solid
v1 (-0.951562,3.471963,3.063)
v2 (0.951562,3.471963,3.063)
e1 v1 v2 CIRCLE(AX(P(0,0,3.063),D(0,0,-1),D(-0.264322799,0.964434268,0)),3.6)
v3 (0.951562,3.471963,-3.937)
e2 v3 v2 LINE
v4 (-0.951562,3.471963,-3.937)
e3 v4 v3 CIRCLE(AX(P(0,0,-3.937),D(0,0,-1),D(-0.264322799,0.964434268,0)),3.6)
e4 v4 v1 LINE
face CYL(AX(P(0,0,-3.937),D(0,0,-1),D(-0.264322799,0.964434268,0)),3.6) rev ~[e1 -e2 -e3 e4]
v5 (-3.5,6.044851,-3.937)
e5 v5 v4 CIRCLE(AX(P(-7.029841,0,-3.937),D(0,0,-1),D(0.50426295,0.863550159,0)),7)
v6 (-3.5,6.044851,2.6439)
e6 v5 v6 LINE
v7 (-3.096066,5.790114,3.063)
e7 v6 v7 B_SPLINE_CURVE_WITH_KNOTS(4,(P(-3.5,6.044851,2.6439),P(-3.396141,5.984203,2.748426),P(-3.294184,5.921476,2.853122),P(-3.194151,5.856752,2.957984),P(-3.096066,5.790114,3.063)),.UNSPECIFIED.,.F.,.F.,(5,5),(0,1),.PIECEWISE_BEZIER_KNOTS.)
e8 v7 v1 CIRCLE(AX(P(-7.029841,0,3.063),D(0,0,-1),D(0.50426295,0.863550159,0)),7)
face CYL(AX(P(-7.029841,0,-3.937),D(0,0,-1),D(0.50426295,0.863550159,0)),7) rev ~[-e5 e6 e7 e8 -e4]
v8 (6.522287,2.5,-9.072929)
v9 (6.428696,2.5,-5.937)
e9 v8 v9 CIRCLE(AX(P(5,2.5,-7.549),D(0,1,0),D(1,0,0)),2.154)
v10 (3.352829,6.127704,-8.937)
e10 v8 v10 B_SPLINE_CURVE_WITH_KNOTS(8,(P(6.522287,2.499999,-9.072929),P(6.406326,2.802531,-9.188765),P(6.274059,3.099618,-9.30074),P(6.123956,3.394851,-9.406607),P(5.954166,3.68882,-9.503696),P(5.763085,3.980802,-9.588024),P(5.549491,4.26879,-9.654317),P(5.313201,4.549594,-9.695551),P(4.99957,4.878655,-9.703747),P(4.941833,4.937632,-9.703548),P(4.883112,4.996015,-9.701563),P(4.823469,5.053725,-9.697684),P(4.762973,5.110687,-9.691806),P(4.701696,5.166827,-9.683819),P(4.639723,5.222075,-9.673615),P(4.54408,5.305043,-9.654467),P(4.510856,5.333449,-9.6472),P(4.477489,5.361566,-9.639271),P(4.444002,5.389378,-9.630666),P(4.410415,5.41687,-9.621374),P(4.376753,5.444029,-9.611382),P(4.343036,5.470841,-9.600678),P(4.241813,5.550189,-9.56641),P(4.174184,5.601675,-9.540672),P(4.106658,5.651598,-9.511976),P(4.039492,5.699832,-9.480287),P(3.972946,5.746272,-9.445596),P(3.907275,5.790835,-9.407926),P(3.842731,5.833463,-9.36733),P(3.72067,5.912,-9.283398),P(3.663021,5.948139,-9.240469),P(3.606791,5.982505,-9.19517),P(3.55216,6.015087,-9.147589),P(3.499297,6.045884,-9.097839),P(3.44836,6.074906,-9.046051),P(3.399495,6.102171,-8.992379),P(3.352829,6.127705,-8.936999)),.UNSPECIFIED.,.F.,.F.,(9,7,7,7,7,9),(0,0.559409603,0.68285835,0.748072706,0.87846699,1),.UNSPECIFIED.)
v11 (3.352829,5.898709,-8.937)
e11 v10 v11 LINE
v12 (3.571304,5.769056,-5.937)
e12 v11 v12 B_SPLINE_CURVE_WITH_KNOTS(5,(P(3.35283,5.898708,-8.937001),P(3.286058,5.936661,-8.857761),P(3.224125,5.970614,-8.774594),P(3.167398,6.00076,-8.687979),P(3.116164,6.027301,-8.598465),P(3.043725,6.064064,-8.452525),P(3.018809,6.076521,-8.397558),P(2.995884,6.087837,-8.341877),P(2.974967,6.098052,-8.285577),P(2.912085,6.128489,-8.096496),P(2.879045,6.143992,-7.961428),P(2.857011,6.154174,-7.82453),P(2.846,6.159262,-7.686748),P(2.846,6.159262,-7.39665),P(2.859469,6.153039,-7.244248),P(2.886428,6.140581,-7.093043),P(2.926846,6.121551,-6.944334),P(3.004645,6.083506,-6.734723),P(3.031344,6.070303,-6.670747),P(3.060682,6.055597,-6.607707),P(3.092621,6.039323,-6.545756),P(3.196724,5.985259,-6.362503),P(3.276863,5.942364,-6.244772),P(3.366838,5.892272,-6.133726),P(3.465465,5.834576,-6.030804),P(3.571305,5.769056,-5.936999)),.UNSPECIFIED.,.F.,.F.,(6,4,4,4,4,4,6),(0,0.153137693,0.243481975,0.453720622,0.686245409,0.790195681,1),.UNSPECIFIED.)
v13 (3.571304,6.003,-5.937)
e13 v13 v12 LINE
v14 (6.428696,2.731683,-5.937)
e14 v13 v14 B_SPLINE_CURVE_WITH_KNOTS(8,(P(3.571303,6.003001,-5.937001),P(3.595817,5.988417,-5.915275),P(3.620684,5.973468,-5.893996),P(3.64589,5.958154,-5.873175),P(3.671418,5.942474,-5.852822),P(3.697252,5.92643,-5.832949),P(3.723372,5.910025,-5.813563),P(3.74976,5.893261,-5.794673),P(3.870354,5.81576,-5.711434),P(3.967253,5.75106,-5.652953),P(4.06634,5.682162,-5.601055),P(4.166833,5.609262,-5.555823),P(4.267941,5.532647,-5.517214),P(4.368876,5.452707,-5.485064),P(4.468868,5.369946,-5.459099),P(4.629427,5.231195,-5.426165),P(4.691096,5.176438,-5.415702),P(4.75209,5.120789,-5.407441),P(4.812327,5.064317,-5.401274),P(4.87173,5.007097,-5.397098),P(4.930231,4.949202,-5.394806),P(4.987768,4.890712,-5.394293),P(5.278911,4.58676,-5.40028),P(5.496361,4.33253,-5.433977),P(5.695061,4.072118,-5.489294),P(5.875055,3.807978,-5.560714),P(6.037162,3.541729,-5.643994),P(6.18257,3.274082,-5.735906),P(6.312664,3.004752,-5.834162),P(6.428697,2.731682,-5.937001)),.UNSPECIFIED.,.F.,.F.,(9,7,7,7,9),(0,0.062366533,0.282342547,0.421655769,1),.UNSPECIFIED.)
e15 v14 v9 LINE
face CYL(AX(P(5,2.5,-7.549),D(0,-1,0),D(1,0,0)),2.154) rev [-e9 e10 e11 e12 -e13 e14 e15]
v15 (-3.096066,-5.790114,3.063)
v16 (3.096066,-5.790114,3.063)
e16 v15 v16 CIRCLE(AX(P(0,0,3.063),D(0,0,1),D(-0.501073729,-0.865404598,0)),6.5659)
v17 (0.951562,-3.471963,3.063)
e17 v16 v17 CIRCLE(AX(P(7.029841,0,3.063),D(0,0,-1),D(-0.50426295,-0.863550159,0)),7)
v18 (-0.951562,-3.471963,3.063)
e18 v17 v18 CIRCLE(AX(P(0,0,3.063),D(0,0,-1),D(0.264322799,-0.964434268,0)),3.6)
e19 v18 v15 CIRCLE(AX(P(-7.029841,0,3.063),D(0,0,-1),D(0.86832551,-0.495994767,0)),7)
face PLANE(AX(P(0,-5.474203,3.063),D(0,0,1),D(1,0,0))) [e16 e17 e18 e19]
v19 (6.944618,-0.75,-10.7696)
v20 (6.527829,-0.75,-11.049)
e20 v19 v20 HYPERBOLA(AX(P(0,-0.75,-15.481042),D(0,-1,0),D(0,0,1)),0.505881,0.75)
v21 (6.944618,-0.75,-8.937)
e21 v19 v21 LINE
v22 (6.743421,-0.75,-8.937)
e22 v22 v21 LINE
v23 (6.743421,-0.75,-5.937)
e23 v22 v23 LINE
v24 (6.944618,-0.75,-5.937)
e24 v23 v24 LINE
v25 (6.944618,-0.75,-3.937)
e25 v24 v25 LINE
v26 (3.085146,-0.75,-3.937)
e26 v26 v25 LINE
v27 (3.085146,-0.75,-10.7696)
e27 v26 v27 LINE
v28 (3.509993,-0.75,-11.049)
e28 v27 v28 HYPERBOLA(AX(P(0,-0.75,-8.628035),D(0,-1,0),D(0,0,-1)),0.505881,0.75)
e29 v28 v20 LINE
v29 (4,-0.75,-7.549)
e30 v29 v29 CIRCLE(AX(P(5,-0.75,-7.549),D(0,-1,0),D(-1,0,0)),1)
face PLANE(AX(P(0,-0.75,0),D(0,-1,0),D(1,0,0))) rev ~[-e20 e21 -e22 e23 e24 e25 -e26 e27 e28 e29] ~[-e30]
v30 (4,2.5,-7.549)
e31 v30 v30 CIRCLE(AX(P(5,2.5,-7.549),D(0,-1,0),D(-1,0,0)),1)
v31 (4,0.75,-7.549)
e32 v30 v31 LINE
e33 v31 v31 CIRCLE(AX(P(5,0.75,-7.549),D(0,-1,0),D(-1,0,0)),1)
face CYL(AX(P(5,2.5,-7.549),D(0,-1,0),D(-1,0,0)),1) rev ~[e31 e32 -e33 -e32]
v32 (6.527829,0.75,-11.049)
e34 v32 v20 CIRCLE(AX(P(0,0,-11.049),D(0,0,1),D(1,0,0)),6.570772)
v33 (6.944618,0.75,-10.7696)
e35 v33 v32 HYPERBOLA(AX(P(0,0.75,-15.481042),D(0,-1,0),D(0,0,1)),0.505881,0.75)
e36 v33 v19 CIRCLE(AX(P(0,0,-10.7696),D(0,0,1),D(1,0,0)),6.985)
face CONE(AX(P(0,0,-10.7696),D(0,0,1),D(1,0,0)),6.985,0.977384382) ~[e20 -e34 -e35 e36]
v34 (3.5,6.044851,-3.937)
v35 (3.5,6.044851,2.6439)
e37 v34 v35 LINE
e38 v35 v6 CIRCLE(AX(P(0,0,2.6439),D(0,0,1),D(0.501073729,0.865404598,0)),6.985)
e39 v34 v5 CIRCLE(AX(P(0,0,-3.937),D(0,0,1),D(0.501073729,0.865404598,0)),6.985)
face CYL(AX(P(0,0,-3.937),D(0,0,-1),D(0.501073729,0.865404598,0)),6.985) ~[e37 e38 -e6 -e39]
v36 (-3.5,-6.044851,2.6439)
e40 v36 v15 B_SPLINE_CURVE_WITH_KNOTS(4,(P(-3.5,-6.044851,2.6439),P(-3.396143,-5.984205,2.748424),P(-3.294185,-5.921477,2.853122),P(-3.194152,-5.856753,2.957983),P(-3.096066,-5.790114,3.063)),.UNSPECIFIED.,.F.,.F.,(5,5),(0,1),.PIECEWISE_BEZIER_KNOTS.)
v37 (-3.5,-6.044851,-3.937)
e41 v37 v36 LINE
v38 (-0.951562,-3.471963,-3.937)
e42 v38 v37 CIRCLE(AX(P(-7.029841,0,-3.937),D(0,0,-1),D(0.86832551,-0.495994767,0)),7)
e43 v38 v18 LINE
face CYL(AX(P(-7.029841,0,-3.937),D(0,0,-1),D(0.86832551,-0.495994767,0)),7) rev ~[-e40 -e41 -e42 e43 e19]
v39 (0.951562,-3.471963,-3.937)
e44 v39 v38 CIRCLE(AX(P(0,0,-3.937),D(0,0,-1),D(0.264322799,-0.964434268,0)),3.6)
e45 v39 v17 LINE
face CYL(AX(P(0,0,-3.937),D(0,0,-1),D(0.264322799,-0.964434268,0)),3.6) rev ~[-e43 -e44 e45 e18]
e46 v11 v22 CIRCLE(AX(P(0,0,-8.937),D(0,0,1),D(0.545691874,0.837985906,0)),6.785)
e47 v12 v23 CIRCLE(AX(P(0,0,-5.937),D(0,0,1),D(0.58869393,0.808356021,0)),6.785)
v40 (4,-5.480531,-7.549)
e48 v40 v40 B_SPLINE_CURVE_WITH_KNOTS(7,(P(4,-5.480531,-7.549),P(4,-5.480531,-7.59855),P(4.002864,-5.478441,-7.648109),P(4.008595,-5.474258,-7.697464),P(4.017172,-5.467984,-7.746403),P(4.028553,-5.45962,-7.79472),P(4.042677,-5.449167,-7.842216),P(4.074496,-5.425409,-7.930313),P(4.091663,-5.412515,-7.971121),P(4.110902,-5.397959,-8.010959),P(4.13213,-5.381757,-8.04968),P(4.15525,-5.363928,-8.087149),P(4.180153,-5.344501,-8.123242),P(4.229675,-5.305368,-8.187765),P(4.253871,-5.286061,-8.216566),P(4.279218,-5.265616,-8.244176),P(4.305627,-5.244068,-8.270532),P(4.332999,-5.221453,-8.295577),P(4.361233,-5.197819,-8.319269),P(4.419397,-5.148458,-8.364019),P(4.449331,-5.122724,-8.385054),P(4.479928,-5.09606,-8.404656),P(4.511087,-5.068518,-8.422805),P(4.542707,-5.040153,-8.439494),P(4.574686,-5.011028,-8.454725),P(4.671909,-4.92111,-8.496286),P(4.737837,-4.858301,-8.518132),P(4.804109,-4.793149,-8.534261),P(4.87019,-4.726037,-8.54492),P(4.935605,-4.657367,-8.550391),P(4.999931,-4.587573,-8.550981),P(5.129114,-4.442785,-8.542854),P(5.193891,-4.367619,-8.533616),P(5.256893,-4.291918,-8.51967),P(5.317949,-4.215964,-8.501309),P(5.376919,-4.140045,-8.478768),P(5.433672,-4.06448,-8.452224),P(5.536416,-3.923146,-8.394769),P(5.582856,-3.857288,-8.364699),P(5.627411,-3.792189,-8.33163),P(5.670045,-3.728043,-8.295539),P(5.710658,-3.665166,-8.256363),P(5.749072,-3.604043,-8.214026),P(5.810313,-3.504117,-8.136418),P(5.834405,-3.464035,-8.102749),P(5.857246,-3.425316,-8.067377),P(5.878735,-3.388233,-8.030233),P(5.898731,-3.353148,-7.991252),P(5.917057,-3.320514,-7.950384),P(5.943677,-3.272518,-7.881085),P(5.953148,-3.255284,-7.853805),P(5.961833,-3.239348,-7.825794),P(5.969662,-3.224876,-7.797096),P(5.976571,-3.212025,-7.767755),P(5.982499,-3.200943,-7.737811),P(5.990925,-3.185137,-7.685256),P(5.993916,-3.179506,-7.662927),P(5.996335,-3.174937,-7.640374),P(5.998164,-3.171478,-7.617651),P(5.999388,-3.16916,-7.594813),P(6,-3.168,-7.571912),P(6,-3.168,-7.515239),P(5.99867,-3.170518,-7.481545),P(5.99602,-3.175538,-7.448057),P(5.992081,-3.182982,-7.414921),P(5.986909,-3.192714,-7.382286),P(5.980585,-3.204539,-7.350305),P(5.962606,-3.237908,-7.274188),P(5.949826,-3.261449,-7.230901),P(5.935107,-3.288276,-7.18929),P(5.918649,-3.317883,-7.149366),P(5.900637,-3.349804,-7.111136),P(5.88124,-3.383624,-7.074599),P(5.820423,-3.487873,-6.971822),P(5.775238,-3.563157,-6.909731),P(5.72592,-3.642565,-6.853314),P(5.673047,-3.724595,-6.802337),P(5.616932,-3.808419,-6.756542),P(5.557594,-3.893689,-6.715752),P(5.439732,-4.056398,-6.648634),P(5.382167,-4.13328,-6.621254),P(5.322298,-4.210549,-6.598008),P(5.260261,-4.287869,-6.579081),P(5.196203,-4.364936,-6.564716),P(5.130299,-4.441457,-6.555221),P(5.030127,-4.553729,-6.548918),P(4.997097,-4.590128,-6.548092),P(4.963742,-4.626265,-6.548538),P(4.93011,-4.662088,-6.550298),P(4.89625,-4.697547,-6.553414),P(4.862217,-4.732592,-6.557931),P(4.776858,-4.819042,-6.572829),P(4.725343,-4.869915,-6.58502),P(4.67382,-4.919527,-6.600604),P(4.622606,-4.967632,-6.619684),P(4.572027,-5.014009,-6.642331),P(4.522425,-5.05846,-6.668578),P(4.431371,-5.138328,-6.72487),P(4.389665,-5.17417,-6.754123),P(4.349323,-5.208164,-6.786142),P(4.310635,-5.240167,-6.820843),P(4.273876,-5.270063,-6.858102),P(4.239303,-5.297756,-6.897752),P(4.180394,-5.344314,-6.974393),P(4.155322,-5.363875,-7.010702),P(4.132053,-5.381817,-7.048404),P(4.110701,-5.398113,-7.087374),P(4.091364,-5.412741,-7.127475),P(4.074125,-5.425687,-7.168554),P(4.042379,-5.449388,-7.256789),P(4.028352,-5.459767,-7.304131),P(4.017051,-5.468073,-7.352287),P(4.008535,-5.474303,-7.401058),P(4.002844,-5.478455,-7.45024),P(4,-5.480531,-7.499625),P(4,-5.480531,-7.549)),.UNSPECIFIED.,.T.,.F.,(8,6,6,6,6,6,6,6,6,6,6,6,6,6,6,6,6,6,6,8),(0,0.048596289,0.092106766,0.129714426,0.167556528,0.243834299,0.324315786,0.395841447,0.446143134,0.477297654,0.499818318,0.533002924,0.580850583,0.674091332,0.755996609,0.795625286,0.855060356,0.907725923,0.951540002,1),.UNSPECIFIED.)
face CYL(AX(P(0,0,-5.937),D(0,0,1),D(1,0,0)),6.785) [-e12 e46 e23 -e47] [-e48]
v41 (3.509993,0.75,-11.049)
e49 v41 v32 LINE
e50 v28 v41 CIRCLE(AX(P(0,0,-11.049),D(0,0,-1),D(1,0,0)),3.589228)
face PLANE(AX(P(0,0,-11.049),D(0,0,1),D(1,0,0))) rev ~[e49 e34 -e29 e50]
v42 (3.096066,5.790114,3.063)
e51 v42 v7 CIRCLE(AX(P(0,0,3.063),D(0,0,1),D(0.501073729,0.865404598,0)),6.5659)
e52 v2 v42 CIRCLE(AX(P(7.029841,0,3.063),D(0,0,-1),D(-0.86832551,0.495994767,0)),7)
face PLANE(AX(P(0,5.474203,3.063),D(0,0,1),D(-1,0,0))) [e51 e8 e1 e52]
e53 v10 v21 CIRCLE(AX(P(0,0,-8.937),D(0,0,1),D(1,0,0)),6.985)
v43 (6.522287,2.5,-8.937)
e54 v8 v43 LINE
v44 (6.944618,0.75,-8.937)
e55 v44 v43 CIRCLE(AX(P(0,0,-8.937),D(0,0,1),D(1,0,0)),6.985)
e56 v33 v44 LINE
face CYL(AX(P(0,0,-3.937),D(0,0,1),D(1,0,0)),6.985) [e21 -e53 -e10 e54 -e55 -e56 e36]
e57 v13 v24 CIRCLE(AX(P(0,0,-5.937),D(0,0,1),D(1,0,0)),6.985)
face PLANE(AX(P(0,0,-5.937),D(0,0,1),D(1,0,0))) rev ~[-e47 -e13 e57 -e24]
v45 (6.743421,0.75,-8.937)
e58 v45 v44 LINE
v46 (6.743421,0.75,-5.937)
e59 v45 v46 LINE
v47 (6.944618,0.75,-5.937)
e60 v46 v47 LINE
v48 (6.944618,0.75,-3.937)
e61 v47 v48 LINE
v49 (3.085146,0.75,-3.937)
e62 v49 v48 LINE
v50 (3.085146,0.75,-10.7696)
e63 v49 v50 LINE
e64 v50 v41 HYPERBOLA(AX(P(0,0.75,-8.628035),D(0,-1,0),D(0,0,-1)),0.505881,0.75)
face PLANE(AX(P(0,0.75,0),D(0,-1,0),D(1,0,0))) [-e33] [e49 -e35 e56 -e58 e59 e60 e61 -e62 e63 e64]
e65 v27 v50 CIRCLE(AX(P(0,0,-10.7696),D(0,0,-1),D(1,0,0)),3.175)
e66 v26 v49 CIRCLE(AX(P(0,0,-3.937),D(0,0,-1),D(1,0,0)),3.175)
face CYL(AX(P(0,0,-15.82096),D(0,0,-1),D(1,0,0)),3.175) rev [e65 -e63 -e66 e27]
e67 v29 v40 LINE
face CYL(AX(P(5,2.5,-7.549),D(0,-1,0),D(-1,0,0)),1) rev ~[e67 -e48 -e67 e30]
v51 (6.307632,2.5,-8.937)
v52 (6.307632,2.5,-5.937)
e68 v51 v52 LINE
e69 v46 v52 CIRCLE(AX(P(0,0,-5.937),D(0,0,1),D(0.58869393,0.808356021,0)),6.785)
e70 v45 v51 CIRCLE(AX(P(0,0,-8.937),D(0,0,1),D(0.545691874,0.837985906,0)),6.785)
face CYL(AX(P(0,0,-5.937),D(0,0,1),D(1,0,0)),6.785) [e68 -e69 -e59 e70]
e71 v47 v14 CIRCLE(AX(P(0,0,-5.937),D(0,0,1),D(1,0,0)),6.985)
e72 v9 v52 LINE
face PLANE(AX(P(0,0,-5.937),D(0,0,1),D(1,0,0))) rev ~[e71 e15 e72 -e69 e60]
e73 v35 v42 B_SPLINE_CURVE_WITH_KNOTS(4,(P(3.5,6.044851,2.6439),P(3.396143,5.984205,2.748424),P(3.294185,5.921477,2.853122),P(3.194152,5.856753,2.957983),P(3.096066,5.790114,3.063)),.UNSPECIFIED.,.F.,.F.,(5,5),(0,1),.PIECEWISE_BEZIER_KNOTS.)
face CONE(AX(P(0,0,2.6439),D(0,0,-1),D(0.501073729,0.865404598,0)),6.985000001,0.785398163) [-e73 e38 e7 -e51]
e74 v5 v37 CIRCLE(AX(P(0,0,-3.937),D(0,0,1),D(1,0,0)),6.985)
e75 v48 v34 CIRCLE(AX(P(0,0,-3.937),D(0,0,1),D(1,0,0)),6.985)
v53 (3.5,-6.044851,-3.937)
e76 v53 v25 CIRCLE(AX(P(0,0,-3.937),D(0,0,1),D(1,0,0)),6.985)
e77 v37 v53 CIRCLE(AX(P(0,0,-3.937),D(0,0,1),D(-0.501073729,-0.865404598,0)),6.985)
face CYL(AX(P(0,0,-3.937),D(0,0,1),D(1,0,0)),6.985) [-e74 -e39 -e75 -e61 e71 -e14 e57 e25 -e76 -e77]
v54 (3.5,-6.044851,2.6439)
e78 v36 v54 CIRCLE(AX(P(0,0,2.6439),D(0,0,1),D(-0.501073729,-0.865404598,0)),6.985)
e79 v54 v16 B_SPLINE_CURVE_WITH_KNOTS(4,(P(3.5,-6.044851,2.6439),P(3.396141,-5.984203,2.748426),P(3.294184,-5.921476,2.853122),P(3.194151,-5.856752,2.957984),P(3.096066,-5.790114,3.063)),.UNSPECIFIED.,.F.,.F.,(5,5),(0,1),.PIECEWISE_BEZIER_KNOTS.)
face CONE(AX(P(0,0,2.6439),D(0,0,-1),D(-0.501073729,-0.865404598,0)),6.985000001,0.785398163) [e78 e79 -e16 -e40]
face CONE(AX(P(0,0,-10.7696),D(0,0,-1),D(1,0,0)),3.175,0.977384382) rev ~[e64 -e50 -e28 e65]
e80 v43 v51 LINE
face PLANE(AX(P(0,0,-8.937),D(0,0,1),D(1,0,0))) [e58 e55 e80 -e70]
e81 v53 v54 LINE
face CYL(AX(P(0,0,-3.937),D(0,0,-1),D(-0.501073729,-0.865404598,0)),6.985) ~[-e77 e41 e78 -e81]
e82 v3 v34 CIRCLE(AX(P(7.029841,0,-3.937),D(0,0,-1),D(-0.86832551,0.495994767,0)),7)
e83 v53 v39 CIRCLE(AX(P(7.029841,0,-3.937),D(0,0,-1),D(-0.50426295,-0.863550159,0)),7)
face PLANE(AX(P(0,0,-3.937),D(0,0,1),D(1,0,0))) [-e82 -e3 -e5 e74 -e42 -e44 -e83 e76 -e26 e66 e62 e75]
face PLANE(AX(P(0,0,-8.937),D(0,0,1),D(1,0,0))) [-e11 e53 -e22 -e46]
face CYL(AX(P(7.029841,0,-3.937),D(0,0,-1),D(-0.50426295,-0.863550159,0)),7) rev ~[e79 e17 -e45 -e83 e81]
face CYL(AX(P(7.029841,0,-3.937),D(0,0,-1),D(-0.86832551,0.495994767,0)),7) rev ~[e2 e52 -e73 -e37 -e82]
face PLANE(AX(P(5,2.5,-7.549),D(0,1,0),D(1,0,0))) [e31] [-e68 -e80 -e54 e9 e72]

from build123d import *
from OCP.BRepFilletAPI import BRepFilletAPI_MakeChamfer

# Parameters (mm, degrees)
BOSS_EXTRUDE1_START     = -3.937
SKETCH1_R               = 6.985
BOSS_EXTRUDE1_DEPTH     = 7.112
CUT_EXTRUDE10_START     = -2
SKETCH25_R              = 6.985
SKETCH25_R_2            = 6.785
CUT_EXTRUDE10_DEPTH     = 3
BOSS_EXTRUDE2_DEPTH     = 7
CIRPATTERN1_COUNT       = 2
CUT_EXTRUDE5_DEPTH      = 15.820959854
CUT_EXTRUDE5_DEPTH_BACK = 15.820959854
SKETCH15_R              = 3.175
CHAMFER1_SIZE           = 0.2794
CHAMFER1_SIZE2          = 0.414227535
SKETCH19_R              = 2.154
CUT_EXTRUDE6_DEPTH      = 17.15041344
SKETCH23_W              = 6.985
SKETCH23_H              = 1.5
CUT_EXTRUDE9_DEPTH      = 15.820959948
CHAMFER6_SIZE           = 0.4191


with BuildPart() as part:
    # Sketch1 → Boss-Extrude1 (new body)
    with BuildSketch(Plane.XY.offset(BOSS_EXTRUDE1_START)):
        Circle(SKETCH1_R)
    extrude(amount=-BOSS_EXTRUDE1_DEPTH)

    # Sketch25 → Cut-Extrude10 (cut)
    with BuildSketch(Plane.XY.offset(-3.937).offset(CUT_EXTRUDE10_START)):
        Circle(SKETCH25_R)
        Circle(SKETCH25_R_2, mode=Mode.SUBTRACT)
    extrude(amount=-CUT_EXTRUDE10_DEPTH, mode=Mode.SUBTRACT)

    # Sketch2 → Boss-Extrude2 (add)
    with BuildSketch(Plane.XY.offset(-3.937)):
        with BuildLine():
            ThreePointArc((-3.5, -6.044851115), (0, -6.985), (3.5, -6.044851115))
            ThreePointArc((3.5, -6.044851115), (2.056519165, -4.92606064), (0.951562077, -3.471963366))
            ThreePointArc((0.951562077, -3.471963366), (0, -3.6), (-0.951562077, -3.471963366))
            ThreePointArc((-0.951562077, -3.471963366), (-2.056519165, -4.92606064), (-3.5, -6.044851115))
        make_face()
    boss_extrude2 = extrude(amount=BOSS_EXTRUDE2_DEPTH)

    # CirPattern1: Boss-Extrude2 ×2 about axis
    cirpattern1_axis = Axis((0, 0, 0), (0, 0, 1))
    for i in range(1, CIRPATTERN1_COUNT):
        add(boss_extrude2.rotate(cirpattern1_axis, i * 360 / CIRPATTERN1_COUNT))

    # Sketch15 → Cut-Extrude5 (cut, two sides: drawn at the far end of the back side and taken through both)
    with BuildSketch(Plane.XY.offset(-CUT_EXTRUDE5_DEPTH_BACK)):
        Circle(SKETCH15_R)
    extrude(amount=CUT_EXTRUDE5_DEPTH + CUT_EXTRUDE5_DEPTH_BACK, mode=Mode.SUBTRACT)

    # Chamfer1: one chamfer whose edges measure the first distance from different faces: ONE call of the kernel's chamfer builder (chamfer() names one face for all edges)
    chamfer1_edges_1 = [part.edges().sort_by_distance(p)[0] for p in [
        (-3.175, 0, -11.049),
    ]]
    chamfer1_side_1 = [part.faces().sort_by_distance(p)[0] for p in [
        (-3.175, 0, -7.493),
    ]]
    chamfer1_edges_2 = [part.edges().sort_by_distance(p)[0] for p in [
        (-6.985, 0, -11.049),
    ]]
    chamfer1_side_2 = [part.faces().sort_by_distance(p)[0] for p in [
        (-6.985, 0, -9.993),
    ]]
    chamfer1 = BRepFilletAPI_MakeChamfer(part.part.solid().wrapped)
    for e in chamfer1_edges_1:
        chamfer1.Add(CHAMFER1_SIZE, CHAMFER1_SIZE2, e.wrapped, chamfer1_side_1[0].wrapped)  # the first distance lies on this face
    for e in chamfer1_edges_2:
        chamfer1.Add(CHAMFER1_SIZE, CHAMFER1_SIZE2, e.wrapped, chamfer1_side_2[0].wrapped)  # the first distance lies on this face
    add(Compound.cast(chamfer1.Shape()), mode=Mode.REPLACE)

    # Sketch17 → Cut-Revolve1 (revolve, cut)
    with BuildSketch(Plane(origin=(0, 0, -7.549), x_dir=(-1, 0, 0), z_dir=(0, 0, -1)), mode=Mode.PRIVATE) as cut_revolve1_sk:
        Polygon((-6, 2.5), (-6, -7.201139233), (-5, -7.201139233), (-5, 4.499600677), (-5, 8.2375), (-6.9, 8.2375), (-6.9, 4.499600677), (-6.9, 2.5), align=None)
    revolve(cut_revolve1_sk.sketch.rotate(Axis((5, 4.499600677, -7.549), (0, -1, 0)), 180), axis=Axis((5, 4.499600677, -7.549), (0, -1, 0)), mode=Mode.SUBTRACT)

    # Sketch19 → Cut-Extrude6 (cut, through all)
    with BuildSketch(Plane(origin=(0, 2.5, 0), x_dir=(1, 0, 0), z_dir=(0, 1, 0))):
        with Locations((5, 7.549)):
            Circle(SKETCH19_R)
    extrude(amount=CUT_EXTRUDE6_DEPTH, mode=Mode.SUBTRACT)

    # Sketch23 → Cut-Extrude9 (cut, through all)
    with BuildSketch(Plane.XY):
        with Locations((3.4925, 0)):
            Rectangle(SKETCH23_W, SKETCH23_H)
    extrude(amount=-CUT_EXTRUDE9_DEPTH, mode=Mode.SUBTRACT)

    # Chamfer6
    chamfer6_edges = [part.edges().sort_by_distance(p)[0] for p in [
        (0, -6.985, 3.063),
        (0, 6.985, 3.063),
    ]]
    chamfer(chamfer6_edges, length=CHAMFER6_SIZE)


solid = part.part
